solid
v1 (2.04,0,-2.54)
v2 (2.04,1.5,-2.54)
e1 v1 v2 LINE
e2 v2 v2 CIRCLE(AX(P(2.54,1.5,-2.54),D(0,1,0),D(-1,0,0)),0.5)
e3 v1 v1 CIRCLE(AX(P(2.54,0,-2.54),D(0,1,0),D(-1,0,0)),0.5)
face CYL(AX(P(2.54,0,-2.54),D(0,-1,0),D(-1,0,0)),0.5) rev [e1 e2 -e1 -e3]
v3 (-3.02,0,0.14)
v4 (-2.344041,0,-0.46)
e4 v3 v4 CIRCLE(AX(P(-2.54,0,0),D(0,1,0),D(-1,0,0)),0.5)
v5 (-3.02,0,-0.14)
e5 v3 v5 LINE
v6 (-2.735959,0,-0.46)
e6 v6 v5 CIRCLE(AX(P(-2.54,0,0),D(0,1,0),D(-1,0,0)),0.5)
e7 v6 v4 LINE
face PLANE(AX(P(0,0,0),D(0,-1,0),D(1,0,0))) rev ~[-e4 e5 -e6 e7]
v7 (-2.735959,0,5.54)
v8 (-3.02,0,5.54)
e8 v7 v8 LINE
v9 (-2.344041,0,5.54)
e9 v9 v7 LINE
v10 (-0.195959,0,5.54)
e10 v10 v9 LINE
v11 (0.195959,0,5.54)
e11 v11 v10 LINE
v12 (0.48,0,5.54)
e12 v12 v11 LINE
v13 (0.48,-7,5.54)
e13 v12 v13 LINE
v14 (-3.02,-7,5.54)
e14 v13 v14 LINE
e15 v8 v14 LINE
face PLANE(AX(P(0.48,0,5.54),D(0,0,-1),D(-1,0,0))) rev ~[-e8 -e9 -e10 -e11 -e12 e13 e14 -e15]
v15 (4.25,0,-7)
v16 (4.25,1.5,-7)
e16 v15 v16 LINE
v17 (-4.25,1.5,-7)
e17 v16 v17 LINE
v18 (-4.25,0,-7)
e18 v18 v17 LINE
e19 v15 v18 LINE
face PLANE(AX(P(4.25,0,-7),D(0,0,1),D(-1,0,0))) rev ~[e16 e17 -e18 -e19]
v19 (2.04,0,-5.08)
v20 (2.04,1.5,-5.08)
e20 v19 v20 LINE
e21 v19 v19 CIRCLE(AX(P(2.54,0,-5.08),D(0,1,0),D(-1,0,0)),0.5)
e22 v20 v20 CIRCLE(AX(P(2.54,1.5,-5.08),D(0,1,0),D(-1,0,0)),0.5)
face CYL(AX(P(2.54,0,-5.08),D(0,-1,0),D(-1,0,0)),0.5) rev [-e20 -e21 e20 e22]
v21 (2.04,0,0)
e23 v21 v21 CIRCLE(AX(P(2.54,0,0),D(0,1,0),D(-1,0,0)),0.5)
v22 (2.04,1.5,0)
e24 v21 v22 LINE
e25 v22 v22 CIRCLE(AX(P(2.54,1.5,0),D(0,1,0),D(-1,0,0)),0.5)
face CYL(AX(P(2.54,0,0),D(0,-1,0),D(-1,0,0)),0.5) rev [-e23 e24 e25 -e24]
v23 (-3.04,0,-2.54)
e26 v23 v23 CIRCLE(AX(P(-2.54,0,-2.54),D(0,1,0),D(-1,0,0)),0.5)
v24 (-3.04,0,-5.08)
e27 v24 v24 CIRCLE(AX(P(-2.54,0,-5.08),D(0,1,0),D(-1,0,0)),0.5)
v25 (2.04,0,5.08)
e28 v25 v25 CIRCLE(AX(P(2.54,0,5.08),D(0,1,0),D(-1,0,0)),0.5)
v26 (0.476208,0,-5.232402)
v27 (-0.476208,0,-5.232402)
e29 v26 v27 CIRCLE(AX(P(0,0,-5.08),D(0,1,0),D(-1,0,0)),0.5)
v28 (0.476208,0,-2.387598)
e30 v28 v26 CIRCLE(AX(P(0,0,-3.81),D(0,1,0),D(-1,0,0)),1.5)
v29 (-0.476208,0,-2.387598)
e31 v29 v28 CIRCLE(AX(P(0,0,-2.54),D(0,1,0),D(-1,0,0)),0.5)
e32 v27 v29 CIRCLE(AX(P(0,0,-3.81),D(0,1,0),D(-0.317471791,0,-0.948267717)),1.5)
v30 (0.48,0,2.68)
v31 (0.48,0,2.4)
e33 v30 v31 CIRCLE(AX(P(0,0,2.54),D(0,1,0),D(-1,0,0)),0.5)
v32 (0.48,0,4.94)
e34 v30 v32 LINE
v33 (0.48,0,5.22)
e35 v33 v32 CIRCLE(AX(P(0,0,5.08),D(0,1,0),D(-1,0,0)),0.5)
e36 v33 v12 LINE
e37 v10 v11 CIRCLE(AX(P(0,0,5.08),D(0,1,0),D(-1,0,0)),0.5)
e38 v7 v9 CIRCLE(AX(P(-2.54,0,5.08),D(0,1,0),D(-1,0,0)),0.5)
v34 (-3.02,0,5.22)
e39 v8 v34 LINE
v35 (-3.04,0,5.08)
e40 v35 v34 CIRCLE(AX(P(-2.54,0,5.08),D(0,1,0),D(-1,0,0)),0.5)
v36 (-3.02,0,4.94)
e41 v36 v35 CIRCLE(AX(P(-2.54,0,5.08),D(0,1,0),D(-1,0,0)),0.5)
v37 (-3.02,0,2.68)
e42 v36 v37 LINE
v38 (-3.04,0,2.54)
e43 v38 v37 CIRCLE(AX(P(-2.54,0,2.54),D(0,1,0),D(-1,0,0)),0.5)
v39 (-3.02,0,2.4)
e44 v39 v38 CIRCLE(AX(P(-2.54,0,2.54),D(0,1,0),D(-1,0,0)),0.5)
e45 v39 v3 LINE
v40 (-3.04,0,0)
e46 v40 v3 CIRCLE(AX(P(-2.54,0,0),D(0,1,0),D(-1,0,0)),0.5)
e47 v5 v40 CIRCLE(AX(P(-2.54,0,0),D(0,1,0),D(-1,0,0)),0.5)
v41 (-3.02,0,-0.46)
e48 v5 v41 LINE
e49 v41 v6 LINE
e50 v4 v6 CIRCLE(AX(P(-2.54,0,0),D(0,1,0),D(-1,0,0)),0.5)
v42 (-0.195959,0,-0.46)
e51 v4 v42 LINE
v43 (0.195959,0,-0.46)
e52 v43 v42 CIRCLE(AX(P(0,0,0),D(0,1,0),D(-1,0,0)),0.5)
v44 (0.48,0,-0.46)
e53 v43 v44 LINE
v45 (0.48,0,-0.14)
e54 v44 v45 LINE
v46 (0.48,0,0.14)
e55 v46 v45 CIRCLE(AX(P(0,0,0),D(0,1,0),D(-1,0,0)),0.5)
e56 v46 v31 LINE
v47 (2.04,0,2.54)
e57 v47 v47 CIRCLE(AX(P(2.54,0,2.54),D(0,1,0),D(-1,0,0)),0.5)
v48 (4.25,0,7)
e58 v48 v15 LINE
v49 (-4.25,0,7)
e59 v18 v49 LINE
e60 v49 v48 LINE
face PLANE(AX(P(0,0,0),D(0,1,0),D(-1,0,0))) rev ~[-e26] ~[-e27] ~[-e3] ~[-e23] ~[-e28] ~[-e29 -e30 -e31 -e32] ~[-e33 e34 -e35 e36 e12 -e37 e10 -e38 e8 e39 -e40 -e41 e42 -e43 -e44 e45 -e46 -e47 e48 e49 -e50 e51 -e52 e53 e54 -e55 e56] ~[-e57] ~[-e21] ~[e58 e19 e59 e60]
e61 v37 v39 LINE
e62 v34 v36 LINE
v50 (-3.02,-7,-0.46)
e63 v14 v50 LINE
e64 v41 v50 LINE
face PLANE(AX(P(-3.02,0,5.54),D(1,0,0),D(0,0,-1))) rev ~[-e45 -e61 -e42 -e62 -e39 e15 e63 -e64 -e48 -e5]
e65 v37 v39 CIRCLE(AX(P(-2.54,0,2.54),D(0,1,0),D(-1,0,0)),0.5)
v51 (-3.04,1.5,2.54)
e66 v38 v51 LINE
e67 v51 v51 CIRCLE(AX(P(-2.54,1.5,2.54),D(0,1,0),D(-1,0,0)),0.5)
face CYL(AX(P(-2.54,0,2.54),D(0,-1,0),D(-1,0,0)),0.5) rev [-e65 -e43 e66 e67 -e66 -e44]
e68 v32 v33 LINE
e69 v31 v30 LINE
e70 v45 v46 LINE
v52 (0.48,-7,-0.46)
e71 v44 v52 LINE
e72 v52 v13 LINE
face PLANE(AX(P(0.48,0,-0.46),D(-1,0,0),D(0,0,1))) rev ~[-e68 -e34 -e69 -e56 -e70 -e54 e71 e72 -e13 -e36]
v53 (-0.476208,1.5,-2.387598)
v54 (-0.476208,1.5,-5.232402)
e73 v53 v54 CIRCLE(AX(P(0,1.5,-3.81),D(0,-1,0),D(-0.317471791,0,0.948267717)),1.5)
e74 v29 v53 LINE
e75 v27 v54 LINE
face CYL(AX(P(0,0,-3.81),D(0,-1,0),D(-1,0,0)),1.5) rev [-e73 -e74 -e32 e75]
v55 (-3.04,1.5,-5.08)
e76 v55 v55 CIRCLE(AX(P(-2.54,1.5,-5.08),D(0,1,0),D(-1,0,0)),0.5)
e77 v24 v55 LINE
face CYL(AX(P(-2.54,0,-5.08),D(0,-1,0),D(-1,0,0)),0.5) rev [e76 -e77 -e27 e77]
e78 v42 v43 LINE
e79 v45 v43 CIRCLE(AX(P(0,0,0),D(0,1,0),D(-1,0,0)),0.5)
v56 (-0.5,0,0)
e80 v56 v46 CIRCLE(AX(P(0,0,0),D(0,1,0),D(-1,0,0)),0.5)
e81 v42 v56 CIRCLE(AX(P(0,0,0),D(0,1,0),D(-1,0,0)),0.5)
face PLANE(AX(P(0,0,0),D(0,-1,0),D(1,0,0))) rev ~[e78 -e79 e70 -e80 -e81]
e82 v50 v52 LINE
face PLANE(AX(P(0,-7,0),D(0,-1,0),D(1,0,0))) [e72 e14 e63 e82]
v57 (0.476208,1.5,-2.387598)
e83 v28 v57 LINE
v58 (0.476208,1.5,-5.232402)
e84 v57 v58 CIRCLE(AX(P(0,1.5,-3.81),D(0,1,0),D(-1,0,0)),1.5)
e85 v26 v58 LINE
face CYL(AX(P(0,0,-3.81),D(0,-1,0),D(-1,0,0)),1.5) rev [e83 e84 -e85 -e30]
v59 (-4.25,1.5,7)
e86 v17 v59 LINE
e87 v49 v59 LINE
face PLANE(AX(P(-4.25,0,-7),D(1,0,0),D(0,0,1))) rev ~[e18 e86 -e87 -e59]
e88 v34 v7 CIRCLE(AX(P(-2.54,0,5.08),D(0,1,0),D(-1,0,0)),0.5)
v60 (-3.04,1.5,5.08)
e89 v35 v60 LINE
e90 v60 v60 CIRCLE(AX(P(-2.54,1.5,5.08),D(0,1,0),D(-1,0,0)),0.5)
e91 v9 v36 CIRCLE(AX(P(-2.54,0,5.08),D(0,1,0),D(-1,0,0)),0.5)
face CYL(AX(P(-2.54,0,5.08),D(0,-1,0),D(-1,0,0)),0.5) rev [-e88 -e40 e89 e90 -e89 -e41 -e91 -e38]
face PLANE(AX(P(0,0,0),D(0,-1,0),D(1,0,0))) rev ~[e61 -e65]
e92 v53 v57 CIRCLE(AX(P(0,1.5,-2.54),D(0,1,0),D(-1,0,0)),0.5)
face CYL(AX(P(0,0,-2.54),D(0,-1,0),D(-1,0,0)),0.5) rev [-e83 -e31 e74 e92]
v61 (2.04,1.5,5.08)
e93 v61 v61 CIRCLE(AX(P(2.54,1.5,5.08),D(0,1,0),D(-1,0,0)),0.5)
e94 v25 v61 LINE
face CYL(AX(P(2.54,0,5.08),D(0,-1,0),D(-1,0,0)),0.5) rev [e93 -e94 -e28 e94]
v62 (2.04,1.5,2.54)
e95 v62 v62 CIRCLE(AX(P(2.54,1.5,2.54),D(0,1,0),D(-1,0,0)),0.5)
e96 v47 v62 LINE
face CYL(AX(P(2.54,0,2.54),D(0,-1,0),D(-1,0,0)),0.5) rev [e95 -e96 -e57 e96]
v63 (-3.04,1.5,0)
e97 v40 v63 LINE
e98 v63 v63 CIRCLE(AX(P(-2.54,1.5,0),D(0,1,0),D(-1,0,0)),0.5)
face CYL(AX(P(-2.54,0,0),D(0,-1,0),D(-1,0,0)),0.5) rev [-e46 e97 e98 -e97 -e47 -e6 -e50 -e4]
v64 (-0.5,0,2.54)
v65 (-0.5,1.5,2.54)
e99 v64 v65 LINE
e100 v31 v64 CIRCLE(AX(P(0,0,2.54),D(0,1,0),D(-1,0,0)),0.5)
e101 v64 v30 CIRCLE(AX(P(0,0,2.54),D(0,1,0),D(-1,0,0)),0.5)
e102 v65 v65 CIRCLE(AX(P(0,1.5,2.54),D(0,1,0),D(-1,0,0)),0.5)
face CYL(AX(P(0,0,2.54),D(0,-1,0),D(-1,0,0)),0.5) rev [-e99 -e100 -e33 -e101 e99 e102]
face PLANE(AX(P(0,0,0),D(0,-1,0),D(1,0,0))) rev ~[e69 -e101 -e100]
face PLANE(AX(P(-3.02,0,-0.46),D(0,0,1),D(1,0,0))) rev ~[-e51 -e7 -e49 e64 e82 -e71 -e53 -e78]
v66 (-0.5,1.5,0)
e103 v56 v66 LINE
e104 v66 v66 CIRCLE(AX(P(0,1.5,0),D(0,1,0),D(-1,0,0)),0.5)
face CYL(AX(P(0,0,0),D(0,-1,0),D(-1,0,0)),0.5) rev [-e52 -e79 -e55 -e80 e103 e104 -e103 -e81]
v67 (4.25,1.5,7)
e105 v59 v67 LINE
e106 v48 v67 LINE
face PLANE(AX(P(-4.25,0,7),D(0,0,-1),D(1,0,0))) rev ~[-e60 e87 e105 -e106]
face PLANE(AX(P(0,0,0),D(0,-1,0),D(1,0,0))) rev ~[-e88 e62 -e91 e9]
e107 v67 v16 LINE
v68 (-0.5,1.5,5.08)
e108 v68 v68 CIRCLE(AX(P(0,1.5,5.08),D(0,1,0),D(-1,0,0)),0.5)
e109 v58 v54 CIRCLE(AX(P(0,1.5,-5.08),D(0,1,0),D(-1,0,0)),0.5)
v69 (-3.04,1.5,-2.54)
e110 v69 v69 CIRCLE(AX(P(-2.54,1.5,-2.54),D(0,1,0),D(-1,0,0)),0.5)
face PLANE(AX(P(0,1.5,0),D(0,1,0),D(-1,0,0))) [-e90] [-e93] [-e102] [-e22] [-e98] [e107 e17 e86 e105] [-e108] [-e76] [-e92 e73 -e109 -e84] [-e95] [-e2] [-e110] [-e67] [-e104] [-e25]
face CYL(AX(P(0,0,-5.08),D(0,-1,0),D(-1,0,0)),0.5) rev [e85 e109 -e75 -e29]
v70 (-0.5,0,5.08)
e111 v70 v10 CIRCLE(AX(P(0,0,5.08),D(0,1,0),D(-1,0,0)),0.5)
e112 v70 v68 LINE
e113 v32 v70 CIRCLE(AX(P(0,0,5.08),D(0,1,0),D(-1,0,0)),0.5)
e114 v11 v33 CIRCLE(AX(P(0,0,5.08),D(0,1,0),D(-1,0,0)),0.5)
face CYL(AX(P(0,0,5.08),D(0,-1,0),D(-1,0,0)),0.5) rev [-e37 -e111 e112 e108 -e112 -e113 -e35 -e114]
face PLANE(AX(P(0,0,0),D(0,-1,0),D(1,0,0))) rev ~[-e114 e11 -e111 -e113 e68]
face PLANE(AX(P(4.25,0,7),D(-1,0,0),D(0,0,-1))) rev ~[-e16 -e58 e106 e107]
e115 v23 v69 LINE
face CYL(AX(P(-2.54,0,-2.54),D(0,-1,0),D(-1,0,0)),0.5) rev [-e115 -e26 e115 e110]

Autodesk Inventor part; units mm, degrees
ref_plane "YZ Plane" through (0, 0, 0) normal (1, 0, 0) x (0, 1, 0)
ref_plane "XZ Plane" through (0, 0, 0) normal (0, 1, 0) x (-1, 0, 0)
ref_plane "XY Plane" through (0, 0, 0) normal (0, 0, 1) x (1, 0, 0)
sketch "Náčrt1" plane through (0, 0, 0) normal (0, 1, 0) x (-1, 0, 0)
  line L0 (4.25, 7) -> (-4.25, 7)
  line L1 (-4.25, 7) -> (-4.25, -7)
  line L2 (-4.25, -7) -> (4.25, -7)
  line L3 (4.25, -7) -> (4.25, 7)
  line L4 (4.25, 7) -> (-4.25, -7) construction
  line L5 (-4.25, 7) -> (4.25, -7) construction
  line L6 (2.54, 5.08) -> (-2.54, 5.08) construction
  line L7 (-2.54, 5.08) -> (-2.54, -5.08) construction
  line L8 (-2.54, -5.08) -> (2.54, -5.08) construction
  line L9 (2.54, -5.08) -> (2.54, 5.08) construction
  line L10 (2.54, 5.08) -> (-2.54, -5.08) construction
  line L11 (-2.54, 5.08) -> (2.54, -5.08) construction
  circle A0 centre (2.54, 5.08) radius 0.5
  circle A1 centre (2.54, 2.54) radius 0.5
  circle A2 centre (2.54, 0) radius 0.5
  circle A3 centre (2.54, -2.54) radius 0.5
  circle A4 centre (2.54, -5.08) radius 0.5
  circle A5 centre (0, 5.08) radius 0.5
  circle A6 centre (0, 2.54) radius 0.5
  circle A7 centre (0, 0) radius 0.5
  circle A8 centre (0, -2.54) radius 0.5
  circle A9 centre (0, -5.08) radius 0.5
  circle A10 centre (-2.54, 5.08) radius 0.5
  circle A11 centre (-2.54, 2.54) radius 0.5
  circle A12 centre (-2.54, 0) radius 0.5
  circle A13 centre (-2.54, -2.54) radius 0.5
  circle A14 centre (-2.54, -5.08) radius 0.5
  line L12 (0, -2.54) -> (0, -5.08) construction
  circle A15 centre (0, -3.81) radius 1.5
  point P0 (0, 0)
  point P1 (0.4762, -5.2324)
  point P2 (-0.4762, -5.2324)
  point P3 (-0.4762, -2.3876)
  point P4 (0.4762, -2.3876)
  dimension "d0" = 8.5
  dimension "d1" = 14
  dimension "d2" = 5.08
  dimension "d3" = 10.16
  dimension "d4" = 1
  dimension "d7" = 2.54
  dimension "d10" = 2.54
  dimension "d13" = 3
extrude "Vysunutí1" add sketch "Náčrt1" along normal blind 1.5
sketch "Náčrt2" plane through (0, 0, 0) normal (0, -1, 0) x (1, 0, 0)
  circle A0 centre (0, 2.54) radius 0.5 construction
  circle A1 centre (-2.54, 2.54) radius 0.5 construction
  line L0 (0, 2.54) -> (-2.54, 2.54) construction
  line L1 (0.48, 5.54) -> (-3.02, 5.54)
  line L2 (-3.02, 5.54) -> (-3.02, -0.46)
  line L3 (-3.02, -0.46) -> (0.48, -0.46)
  line L4 (0.48, -0.46) -> (0.48, 5.54)
  line L5 (0.48, 5.54) -> (-3.02, -0.46) construction
  line L6 (-3.02, 5.54) -> (0.48, -0.46) construction
  point P0 (0, 0)
  point P1 (-1.27, 2.54)
  dimension "d16" = 6
  dimension "d17" = 3.5
extrude "Vysunutí2" add sketch "Náčrt2" along normal blind 7
properties part number "qre_module_V2"
